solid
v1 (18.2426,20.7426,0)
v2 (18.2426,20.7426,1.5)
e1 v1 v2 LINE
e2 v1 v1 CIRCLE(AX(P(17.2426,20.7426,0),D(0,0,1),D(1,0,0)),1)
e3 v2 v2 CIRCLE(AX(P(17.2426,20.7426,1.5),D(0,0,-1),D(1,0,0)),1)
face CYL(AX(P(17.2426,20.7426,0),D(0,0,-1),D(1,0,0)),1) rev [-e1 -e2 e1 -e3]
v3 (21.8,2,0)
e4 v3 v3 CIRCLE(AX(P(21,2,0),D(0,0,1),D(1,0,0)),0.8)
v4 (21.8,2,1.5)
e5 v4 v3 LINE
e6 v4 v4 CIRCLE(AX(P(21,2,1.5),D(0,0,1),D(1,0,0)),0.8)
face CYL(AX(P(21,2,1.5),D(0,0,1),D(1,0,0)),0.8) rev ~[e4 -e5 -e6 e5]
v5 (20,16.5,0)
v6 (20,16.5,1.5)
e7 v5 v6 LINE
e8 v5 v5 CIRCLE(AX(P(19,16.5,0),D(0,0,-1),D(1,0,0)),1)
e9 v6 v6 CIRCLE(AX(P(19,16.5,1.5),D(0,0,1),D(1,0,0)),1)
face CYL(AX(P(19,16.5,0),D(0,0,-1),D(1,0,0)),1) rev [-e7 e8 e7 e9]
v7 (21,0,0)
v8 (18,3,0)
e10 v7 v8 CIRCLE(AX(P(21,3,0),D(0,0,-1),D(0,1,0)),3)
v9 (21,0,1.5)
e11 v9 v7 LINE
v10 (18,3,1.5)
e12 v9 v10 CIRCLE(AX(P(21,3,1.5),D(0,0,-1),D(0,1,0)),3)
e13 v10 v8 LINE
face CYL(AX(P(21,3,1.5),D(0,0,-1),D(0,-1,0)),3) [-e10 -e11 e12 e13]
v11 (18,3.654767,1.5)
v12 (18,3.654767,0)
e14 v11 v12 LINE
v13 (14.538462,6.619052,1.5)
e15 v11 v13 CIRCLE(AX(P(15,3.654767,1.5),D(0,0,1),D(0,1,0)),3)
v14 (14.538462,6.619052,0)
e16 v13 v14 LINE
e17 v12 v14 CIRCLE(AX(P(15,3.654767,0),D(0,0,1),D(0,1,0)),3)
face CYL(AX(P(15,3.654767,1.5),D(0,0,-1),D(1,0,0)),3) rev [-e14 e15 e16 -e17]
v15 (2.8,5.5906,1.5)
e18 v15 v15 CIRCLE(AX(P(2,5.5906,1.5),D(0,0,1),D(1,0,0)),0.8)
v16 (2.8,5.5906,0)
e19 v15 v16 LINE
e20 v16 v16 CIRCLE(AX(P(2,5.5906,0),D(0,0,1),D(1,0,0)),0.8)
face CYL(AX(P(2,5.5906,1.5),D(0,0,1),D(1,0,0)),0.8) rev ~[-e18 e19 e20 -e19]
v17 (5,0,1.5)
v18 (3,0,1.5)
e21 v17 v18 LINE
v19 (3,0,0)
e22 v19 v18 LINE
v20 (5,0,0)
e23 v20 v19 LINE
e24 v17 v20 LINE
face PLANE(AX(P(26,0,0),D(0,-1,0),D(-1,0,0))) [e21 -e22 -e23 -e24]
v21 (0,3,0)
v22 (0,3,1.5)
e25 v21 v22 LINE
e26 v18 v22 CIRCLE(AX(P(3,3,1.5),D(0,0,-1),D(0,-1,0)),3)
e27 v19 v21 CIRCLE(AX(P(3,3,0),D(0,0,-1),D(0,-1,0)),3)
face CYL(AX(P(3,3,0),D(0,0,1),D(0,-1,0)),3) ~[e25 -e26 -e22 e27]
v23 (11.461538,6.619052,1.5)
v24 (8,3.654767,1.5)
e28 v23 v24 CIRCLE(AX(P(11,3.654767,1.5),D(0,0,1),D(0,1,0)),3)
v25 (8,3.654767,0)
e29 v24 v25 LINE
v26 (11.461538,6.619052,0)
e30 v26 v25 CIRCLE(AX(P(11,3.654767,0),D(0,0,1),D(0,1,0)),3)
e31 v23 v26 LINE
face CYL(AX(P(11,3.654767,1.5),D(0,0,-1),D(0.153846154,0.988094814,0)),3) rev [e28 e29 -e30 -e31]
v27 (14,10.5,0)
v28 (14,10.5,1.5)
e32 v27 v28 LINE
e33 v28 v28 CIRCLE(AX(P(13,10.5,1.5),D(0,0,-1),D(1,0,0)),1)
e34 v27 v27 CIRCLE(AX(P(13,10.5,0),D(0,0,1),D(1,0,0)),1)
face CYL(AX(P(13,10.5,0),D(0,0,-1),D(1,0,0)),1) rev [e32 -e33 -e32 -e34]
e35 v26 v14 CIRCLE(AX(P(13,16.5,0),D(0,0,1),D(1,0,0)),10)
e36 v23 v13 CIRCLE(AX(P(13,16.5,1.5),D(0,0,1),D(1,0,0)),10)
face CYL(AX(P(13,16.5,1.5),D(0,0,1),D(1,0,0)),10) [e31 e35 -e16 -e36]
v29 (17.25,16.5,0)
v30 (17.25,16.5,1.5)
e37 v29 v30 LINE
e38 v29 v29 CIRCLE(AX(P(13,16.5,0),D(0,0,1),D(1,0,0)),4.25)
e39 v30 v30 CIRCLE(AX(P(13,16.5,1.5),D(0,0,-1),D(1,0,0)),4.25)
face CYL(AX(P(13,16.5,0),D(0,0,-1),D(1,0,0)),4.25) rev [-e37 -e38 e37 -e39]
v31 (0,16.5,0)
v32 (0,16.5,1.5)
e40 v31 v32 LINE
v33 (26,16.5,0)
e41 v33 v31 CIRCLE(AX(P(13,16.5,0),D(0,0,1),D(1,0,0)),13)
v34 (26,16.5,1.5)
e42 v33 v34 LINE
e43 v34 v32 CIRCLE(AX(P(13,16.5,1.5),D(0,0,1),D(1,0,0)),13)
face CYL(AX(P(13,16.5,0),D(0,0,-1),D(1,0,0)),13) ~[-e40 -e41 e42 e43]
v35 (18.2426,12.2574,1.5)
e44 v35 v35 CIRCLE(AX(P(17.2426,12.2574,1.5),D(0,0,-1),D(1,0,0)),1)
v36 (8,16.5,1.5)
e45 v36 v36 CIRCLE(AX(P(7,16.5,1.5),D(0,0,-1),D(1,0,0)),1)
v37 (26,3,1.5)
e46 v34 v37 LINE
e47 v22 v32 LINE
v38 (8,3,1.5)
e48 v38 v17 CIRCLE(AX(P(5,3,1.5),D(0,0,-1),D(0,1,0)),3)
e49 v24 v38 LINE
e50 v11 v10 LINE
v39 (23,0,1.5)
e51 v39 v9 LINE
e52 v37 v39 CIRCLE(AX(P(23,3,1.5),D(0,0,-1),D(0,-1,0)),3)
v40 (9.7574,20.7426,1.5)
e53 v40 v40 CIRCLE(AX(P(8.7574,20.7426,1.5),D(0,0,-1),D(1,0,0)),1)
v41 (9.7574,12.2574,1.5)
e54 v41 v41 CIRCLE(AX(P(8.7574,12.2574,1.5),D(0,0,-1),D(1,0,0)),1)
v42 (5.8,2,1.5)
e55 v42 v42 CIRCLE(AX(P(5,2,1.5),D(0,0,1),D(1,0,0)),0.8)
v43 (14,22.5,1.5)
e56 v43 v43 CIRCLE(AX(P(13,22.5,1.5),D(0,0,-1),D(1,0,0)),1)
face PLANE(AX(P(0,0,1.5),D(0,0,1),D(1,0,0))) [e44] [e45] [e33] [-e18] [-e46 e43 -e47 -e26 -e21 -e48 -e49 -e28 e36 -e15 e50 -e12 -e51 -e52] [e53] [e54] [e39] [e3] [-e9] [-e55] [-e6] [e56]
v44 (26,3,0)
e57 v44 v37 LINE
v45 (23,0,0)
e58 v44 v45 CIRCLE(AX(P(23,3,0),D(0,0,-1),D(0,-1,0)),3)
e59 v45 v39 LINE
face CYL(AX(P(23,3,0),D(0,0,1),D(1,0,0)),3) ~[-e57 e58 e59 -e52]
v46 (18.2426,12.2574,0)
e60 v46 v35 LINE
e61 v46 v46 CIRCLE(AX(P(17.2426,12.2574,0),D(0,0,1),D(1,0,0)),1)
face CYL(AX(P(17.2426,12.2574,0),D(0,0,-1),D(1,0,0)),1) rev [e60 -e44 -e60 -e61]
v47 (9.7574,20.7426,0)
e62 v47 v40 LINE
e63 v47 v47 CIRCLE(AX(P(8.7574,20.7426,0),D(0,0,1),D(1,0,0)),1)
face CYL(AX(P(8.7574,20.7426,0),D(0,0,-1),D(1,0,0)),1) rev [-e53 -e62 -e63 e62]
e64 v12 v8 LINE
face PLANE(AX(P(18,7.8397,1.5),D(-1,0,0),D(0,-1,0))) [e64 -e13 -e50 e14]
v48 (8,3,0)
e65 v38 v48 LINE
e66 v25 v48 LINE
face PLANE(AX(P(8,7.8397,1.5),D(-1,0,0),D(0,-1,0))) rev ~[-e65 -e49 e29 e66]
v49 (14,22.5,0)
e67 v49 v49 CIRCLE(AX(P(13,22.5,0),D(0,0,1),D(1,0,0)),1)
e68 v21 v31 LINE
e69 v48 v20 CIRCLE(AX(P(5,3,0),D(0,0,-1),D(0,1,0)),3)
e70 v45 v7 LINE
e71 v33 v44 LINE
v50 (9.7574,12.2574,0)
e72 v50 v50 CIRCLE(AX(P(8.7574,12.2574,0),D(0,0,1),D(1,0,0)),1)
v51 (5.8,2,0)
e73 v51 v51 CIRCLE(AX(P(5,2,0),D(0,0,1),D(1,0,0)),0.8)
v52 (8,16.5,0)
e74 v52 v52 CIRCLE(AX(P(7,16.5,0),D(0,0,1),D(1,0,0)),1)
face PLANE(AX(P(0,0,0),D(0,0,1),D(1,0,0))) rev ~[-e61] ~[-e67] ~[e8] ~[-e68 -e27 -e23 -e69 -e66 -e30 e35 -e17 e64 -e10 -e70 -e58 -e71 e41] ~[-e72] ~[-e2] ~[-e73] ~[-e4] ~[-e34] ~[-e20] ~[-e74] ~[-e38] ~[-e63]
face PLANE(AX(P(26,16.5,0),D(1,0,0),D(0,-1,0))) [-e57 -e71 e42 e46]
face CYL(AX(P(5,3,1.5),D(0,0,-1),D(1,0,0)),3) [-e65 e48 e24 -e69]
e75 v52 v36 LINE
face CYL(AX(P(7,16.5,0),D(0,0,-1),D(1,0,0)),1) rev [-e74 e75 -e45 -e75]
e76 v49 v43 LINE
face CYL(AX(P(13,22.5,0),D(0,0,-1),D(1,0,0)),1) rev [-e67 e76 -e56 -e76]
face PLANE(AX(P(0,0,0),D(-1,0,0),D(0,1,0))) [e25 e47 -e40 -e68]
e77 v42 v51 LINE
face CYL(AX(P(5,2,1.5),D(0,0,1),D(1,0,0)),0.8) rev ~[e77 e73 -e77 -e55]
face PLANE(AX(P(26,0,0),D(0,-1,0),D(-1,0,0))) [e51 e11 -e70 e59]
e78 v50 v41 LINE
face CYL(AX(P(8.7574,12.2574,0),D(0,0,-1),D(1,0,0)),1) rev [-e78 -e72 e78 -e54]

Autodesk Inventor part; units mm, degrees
ref_plane "YZ Plane" through (0, 0, 0) normal (1, 0, 0) x (0, 1, 0)
ref_plane "XZ Plane" through (0, 0, 0) normal (0, 1, 0) x (-1, 0, 0)
ref_plane "XY Plane" through (0, 0, 0) normal (0, 0, 1) x (1, 0, 0)
sketch "スケッチ1" plane through (0, 0, 0) normal (0, 0, 1) x (1, 0, 0)
  line L0 (0, 16.5) -> (26, 16.5)
  line L1 (26, 16.5) -> (26, 0)
  line L2 (26, 0) -> (0, 0)
  line L3 (0, 0) -> (0, 16.5)
  circle A0 centre (13, 16.5) radius 13
  circle A1 centre (13, 16.5) radius 4.25
  circle A2 centre (13, 16.5) radius 6
  circle A3 centre (13, 22.5) radius 1
  circle A4 centre (8.7574, 20.7426) radius 1
  circle A5 centre (7, 16.5) radius 1
  circle A6 centre (8.7574, 12.2574) radius 1
  circle A7 centre (13, 10.5) radius 1
  circle A8 centre (17.2426, 12.2574) radius 1
  circle A9 centre (19, 16.5) radius 1
  circle A10 centre (17.2426, 20.7426) radius 1
  point P0 (0, 16.5)
  point P1 (26, 16.5)
  dimension "d3" = 12
  dimension "d0" = 16.5
  dimension "d1" = 26
  dimension "d2" = 8.5
  dimension "d4" = 2
  dimension "d7" = 360
extrude "押し出し1" add sketch "スケッチ1" along normal blind 1.5 contours A9 A2 A10 A3 A4 A5 L0 A0 | L0 A0 A5 A2 A6 A7 A8 A9 | A9 A2 A8 A7 A6 A5 L0 A1 | L0 A1 A5 A2 A4 A3 A10 A9 | L1 L2 L3 A0
sketch "スケッチ2" plane through (0, 0, 1.5) normal (0, 0, 1) x (1, 0, 0)
  circle A0 centre (2, 5.5906) radius 0.8 projected
  circle A1 centre (5, 2) radius 0.8 projected
  circle A2 centre (21, 2) radius 0.8 projected
  circle A3 centre (13, 16.5) radius 4.25 projected
  circle A4 centre (13, 16.5) radius 10
  line L0 (0, 0) -> (26, 0) projected
  line L1 (8, 7.8397) -> (8, 0)
  line L2 (18, 7.8397) -> (18, 0)
  point P0 (2, 0)
  point P1 (24, 0)
  dimension "d14" = 20
  dimension "d16" = 3
  dimension "d17" = 3
extrude "押し出し2" cut sketch "スケッチ2" against normal through all contours A0 | A1 | A2 | A4 L2 L0 L1
fillet "フィレット2" radius 3 6 edges at (0, 0, 0.75) (8, 0, 0.75) (8, 7.8397, 0.75) (18, 7.8397, 0.75) (18, 0, 0.75) (26, 0, 0.75)
properties part number "hipjoint_toleg_upper" material "アルミニウム 6061"
